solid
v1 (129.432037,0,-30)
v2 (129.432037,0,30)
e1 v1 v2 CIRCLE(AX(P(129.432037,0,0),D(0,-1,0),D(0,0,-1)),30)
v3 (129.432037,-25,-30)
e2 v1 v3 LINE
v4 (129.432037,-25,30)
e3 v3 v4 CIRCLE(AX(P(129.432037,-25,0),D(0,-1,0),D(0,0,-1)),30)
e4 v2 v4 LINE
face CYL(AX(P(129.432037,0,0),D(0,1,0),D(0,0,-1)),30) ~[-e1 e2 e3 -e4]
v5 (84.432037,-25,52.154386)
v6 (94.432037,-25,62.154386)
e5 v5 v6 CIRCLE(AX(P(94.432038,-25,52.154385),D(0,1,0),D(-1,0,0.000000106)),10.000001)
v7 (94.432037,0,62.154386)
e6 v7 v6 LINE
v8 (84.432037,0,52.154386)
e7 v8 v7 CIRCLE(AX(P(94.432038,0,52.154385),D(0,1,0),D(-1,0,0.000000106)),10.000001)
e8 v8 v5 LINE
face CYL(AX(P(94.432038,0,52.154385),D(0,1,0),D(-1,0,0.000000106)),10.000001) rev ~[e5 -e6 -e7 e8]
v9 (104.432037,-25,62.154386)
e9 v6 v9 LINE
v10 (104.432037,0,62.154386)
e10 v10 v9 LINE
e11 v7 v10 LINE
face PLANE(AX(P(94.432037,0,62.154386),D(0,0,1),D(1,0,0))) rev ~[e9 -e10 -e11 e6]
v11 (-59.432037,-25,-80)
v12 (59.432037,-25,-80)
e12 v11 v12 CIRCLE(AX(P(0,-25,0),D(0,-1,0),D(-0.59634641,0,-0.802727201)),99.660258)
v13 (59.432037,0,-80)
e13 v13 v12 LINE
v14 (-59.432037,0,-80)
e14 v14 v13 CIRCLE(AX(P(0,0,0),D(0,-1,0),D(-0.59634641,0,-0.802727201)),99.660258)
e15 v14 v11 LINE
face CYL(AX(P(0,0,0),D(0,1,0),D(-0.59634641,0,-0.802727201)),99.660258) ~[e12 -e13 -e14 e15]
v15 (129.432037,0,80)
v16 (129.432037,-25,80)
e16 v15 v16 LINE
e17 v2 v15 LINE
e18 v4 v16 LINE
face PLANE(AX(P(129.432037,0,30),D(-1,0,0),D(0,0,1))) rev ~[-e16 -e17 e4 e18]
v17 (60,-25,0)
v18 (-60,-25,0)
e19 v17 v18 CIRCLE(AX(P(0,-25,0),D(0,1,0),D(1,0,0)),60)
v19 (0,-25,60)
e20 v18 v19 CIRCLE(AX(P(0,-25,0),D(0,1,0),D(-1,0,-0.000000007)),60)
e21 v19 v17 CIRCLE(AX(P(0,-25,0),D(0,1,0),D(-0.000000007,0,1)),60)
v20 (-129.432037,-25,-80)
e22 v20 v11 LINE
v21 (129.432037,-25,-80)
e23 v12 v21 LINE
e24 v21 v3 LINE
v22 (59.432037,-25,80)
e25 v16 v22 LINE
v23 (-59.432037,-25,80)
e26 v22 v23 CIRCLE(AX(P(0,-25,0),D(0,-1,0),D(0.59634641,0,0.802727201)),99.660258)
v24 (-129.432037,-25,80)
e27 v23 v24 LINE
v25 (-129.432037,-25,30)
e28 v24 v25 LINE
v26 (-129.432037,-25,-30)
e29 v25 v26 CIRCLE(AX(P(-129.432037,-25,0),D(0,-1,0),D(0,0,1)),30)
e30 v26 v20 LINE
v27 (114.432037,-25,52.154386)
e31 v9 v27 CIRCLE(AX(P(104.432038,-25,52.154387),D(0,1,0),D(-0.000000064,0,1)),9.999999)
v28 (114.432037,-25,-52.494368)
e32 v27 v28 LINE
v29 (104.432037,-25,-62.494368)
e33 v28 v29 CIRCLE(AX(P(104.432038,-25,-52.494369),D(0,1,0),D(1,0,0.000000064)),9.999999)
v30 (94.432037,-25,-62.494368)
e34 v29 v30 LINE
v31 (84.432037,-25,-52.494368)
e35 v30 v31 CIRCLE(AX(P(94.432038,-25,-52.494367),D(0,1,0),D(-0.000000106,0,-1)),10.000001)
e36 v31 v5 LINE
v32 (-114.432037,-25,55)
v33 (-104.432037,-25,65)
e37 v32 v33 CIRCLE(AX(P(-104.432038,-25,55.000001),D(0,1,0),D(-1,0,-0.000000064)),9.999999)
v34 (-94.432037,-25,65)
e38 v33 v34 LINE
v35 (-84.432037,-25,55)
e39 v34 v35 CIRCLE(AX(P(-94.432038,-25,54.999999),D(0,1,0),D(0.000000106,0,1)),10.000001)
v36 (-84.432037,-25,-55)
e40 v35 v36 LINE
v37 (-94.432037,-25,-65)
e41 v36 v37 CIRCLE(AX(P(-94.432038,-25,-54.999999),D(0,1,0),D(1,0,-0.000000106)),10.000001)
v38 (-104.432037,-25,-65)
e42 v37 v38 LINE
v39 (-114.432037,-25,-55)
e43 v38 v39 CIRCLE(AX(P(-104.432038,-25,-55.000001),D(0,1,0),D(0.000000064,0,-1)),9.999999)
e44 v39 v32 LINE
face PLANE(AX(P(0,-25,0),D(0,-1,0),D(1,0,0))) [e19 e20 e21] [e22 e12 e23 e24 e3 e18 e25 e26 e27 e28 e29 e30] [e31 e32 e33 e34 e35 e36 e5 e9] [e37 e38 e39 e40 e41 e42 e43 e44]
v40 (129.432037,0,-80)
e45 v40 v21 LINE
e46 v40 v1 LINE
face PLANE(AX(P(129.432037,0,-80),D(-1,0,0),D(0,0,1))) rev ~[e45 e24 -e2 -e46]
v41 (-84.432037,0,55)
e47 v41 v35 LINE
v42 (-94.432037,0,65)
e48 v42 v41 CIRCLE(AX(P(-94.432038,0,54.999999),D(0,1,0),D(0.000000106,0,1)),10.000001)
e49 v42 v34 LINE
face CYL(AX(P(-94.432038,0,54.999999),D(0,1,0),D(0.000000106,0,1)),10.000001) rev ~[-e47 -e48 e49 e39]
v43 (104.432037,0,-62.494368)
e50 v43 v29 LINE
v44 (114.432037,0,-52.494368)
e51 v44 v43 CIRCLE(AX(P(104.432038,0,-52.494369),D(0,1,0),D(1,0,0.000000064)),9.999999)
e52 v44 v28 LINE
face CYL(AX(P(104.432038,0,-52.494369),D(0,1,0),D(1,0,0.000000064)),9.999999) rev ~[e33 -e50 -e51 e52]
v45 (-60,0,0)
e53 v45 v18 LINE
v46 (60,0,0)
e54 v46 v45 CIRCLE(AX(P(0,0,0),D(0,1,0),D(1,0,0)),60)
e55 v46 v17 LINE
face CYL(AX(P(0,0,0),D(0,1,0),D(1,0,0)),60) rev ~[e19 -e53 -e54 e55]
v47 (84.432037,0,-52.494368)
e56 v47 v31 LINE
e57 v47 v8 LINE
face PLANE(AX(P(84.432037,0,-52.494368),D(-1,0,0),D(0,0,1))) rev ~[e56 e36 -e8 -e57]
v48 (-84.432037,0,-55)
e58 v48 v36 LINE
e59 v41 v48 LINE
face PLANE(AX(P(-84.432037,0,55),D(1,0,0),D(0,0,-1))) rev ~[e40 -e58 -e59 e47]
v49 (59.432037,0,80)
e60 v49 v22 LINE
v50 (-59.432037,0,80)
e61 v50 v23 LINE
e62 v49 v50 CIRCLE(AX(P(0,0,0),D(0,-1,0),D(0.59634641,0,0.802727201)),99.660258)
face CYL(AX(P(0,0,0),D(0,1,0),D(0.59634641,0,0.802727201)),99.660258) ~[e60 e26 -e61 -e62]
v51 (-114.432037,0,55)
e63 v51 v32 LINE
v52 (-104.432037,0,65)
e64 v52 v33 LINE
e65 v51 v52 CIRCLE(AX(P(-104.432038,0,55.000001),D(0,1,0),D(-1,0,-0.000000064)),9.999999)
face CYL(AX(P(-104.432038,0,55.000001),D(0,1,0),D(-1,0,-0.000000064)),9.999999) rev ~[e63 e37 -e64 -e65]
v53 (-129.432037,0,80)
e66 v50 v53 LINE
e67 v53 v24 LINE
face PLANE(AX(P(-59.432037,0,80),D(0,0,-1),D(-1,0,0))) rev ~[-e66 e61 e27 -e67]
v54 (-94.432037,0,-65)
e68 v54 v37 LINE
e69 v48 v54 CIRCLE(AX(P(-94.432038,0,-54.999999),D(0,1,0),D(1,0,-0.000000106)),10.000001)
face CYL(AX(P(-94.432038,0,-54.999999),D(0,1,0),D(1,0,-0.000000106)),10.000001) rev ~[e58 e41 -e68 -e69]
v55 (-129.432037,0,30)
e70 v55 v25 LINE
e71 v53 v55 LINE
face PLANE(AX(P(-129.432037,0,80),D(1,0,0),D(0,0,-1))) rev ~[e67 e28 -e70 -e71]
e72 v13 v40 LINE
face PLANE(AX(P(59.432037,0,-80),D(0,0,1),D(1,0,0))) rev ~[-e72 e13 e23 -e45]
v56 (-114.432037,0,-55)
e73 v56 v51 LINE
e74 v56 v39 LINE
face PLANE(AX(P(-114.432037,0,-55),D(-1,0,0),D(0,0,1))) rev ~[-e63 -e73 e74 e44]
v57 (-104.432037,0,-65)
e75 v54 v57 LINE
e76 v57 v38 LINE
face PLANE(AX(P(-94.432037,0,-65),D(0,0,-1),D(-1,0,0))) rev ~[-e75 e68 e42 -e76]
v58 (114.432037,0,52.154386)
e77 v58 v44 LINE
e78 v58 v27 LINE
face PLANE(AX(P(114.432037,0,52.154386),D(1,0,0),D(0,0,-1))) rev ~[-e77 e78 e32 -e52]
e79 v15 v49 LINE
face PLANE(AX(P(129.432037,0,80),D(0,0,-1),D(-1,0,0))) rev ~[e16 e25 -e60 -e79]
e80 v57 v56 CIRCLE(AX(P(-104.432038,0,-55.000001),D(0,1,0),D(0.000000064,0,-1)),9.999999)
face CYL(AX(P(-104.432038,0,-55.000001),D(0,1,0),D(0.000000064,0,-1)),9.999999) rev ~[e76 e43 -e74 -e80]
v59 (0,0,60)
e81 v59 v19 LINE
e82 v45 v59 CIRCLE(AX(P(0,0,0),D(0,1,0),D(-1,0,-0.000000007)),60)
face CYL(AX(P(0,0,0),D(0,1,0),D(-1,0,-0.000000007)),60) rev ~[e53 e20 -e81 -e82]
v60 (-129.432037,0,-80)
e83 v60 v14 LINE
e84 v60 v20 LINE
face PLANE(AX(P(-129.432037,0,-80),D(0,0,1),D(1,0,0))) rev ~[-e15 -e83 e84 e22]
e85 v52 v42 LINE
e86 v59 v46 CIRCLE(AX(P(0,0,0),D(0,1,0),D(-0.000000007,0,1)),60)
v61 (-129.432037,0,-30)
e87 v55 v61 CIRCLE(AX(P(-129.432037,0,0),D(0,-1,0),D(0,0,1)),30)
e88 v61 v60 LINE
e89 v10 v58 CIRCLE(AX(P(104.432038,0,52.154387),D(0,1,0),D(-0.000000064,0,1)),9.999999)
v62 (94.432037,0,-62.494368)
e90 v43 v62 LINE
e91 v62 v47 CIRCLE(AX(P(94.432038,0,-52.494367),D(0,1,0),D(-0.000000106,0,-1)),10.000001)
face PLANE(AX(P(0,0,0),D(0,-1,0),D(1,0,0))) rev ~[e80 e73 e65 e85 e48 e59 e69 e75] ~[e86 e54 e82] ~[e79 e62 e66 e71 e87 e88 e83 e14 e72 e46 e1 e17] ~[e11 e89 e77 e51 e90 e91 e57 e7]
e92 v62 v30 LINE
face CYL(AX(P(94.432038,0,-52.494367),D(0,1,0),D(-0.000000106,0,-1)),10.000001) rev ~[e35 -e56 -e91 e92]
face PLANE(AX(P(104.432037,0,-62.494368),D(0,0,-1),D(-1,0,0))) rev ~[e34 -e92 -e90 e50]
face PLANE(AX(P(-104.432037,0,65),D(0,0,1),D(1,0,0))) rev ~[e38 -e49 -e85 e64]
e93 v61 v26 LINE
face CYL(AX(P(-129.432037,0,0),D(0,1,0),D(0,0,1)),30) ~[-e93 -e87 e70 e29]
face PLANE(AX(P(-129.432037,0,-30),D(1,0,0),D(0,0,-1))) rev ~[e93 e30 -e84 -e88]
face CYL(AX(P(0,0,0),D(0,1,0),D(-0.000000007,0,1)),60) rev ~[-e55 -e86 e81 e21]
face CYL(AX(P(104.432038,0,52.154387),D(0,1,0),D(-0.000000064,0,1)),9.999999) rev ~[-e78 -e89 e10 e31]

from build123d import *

# Parameters (mm, degrees)
F1_DEPTH = 25


with BuildPart() as f1:
    # F0 (on Front) → F1 (new body)
    with BuildSketch(Plane.XZ):
        with BuildLine():
            Line((-59.432037, 80), (-129.432037, 80))
            Line((-129.432037, 80), (-129.432037, 30))
            ThreePointArc((-129.432037, 30), (-159.432037, 0), (-129.432037, -30))
            Line((-129.432037, -30), (-129.432037, -80))
            Line((-129.432037, -80), (-59.432037, -80))
            ThreePointArc((-59.432037, -80), (0, -99.660258), (59.432037, -80))
            Line((59.432037, -80), (129.432037, -80))
            Line((129.432037, -80), (129.432037, -30))
            ThreePointArc((129.432037, -30), (159.432037, 0), (129.432037, 30))
            Line((129.432037, 30), (129.432037, 80))
            Line((129.432037, 80), (59.432037, 80))
            ThreePointArc((59.432037, 80), (0, 99.660258), (-59.432037, 80))
        make_face()
        with BuildLine():
            Line((84.432037, -52.494368), (84.432037, 0))
            Line((84.432037, 0), (84.432037, 52.154386))
            ThreePointArc((84.432037, 52.154386), (87.36097, 59.225454), (94.432037, 62.154386))
            Line((94.432037, 62.154386), (104.432037, 62.154386))
            ThreePointArc((104.432037, 62.154386), (111.503105, 59.225454), (114.432037, 52.154386))
            Line((114.432037, 52.154386), (114.432037, -52.494368))
            ThreePointArc((114.432037, -52.494368), (111.503105, -59.565436), (104.432037, -62.494368))
            Line((104.432037, -62.494368), (94.432037, -62.494368))
            ThreePointArc((94.432037, -62.494368), (87.36097, -59.565436), (84.432037, -52.494368))
        make_face(mode=Mode.SUBTRACT)
        with BuildLine():
            Line((-84.432037, 55), (-84.432037, 0))
            Line((-84.432037, 0), (-84.432037, -55))
            ThreePointArc((-84.432037, -55), (-87.36097, -62.071068), (-94.432037, -65))
            Line((-94.432037, -65), (-104.432037, -65))
            ThreePointArc((-104.432037, -65), (-111.503105, -62.071068), (-114.432037, -55))
            Line((-114.432037, -55), (-114.432037, 55))
            ThreePointArc((-114.432037, 55), (-111.503105, 62.071068), (-104.432037, 65))
            Line((-104.432037, 65), (-94.432037, 65))
            ThreePointArc((-94.432037, 65), (-87.36097, 62.071068), (-84.432037, 55))
        make_face(mode=Mode.SUBTRACT)
        with BuildLine():
            ThreePointArc((0, 60), (42.426407, 42.426407), (60, 0))
            ThreePointArc((60, 0), (0, -60), (-60, 0))
            ThreePointArc((-60, 0), (-42.426407, 42.426407), (0, 60))
        make_face(mode=Mode.SUBTRACT)
    extrude(amount=F1_DEPTH)


solid = f1.part
